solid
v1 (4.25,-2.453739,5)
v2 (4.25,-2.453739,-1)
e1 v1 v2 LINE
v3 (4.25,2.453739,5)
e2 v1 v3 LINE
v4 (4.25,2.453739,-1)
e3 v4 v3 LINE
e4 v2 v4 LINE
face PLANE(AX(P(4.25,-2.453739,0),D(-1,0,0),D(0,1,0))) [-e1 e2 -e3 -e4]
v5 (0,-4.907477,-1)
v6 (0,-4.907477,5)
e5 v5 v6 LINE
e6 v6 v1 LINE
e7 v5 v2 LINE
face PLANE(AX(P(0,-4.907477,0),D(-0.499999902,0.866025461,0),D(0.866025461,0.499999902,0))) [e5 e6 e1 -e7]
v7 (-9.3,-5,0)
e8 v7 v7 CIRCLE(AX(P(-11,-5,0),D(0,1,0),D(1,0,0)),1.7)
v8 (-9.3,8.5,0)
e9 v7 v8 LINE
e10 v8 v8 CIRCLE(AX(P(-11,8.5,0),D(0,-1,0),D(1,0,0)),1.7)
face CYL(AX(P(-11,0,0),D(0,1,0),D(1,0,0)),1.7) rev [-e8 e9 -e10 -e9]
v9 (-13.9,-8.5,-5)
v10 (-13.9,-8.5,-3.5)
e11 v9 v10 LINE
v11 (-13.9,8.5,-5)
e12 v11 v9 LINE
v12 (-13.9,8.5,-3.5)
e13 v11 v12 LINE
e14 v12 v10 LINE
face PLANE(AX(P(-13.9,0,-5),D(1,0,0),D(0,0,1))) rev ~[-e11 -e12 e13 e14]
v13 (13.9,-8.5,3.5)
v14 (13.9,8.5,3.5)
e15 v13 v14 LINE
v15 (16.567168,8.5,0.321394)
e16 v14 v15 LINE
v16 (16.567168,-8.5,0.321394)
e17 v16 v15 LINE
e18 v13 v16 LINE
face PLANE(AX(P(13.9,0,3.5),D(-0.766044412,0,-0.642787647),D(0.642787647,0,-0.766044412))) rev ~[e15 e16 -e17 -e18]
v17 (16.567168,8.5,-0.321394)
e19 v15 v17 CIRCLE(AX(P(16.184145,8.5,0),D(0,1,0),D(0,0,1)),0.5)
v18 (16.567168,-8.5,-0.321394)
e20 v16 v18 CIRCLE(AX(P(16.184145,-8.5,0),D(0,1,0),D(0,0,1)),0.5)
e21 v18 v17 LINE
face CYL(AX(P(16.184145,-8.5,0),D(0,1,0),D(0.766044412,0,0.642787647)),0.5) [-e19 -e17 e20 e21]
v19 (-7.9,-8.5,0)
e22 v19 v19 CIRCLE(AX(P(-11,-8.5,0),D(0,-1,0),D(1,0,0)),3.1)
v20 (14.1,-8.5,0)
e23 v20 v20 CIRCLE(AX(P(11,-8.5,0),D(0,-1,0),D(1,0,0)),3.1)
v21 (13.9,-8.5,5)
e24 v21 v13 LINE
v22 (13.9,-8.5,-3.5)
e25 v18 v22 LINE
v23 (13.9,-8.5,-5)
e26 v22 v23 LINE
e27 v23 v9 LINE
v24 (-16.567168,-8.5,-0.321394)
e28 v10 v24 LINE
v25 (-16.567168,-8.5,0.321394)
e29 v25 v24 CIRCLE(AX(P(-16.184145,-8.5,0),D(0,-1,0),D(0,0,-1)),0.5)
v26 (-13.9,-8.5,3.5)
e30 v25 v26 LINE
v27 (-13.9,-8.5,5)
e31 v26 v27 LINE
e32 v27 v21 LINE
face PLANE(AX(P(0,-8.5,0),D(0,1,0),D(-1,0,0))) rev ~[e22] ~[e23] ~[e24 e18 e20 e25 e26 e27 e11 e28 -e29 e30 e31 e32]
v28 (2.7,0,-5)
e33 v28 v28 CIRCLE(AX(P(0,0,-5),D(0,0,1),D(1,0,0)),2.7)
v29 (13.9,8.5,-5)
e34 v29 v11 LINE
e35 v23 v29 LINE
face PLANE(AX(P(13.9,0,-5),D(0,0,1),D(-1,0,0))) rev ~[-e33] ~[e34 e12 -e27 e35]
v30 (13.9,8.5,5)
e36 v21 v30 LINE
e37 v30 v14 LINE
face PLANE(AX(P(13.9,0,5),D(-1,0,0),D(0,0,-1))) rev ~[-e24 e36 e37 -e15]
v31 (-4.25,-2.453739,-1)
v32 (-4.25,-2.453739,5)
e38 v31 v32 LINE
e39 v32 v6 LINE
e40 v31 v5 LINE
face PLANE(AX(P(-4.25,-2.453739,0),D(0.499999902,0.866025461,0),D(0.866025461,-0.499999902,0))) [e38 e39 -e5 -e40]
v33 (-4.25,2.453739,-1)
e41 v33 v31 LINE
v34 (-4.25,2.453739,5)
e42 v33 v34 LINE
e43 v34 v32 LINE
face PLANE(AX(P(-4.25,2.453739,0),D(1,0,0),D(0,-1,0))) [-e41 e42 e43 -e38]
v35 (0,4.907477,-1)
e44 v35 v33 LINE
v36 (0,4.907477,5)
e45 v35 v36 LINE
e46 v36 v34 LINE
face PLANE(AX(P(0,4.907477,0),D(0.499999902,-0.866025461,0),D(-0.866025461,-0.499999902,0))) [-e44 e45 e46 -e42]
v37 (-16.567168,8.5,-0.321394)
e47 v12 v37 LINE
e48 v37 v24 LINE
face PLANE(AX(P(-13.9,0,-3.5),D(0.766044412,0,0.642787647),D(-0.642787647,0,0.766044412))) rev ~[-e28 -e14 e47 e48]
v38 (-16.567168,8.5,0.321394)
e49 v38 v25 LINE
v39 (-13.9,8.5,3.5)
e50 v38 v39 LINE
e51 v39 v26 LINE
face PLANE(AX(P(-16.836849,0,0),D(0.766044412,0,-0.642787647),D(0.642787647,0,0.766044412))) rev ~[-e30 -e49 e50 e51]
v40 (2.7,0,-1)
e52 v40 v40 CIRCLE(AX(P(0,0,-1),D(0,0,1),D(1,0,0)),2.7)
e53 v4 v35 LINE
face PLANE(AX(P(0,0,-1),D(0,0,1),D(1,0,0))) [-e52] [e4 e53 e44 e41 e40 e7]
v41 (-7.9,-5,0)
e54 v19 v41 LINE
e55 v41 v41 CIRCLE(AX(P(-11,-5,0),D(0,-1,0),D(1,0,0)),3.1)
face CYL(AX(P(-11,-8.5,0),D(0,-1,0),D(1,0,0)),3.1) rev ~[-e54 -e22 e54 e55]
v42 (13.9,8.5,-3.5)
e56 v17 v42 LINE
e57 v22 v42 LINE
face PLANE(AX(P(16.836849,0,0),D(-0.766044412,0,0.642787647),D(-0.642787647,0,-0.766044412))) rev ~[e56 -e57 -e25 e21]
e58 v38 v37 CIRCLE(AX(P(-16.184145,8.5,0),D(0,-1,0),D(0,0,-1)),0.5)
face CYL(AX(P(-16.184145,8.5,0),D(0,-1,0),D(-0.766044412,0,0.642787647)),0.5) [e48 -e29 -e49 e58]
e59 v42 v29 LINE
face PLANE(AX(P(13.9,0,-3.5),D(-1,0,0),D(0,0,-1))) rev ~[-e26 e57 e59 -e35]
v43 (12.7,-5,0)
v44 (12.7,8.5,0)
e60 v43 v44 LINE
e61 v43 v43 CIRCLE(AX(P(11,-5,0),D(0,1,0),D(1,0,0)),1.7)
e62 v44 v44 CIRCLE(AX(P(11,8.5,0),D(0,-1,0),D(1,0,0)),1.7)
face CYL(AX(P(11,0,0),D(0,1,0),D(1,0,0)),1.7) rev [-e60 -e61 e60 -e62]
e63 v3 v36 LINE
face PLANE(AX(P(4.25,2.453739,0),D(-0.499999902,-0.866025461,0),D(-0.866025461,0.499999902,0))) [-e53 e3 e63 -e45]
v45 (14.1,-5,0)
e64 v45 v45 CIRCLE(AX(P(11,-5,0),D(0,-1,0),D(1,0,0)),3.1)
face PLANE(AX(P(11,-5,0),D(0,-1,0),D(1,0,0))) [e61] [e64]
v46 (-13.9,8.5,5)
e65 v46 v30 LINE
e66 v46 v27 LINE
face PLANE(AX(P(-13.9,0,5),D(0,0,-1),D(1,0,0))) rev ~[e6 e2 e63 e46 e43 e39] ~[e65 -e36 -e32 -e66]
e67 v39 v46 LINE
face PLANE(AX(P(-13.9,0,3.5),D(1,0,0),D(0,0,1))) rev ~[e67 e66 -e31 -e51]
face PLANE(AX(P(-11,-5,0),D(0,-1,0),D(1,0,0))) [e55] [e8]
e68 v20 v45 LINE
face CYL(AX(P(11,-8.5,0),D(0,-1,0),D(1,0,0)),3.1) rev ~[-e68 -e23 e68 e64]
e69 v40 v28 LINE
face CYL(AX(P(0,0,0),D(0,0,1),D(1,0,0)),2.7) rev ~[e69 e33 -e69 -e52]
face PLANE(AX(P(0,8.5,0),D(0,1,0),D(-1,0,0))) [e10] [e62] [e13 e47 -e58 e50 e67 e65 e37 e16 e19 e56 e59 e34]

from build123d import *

# Parameters (mm, degrees)
SKETCH_R             = 1.7
PAD_DEPTH            = 8.5
SKETCH002_R          = 3.1
POCKET_DEPTH         = 3.5
POCKET001_DEPTH      = 1
POCKET001_DEPTH_BACK = -5
SKETCH004_R          = 2.7
POCKET002_DEPTH      = 5.001
FILLET_R             = 0.5


with BuildPart() as part:
    # Sketch → Pad (new body, symmetric)
    with BuildSketch(Plane.XZ):
        Polygon((-13.9, 5), (13.9, 5), (13.9, 3.5), (16.836849, 0), (13.9, -3.5), (13.9, -5), (-13.9, -5), (-13.9, -3.5), (-16.836849, 0), (-13.9, 3.5), align=None)
        with Locations((-11, 0)):
            Circle(SKETCH_R, mode=Mode.SUBTRACT)
        with Locations((11, 0)):
            Circle(SKETCH_R, mode=Mode.SUBTRACT)
    extrude(amount=PAD_DEPTH, both=True)

    # Sketch002 (on DatumPlane) → Pocket (cut)
    with BuildSketch(Plane.XZ.offset(8.5)):
        with Locations((-11, 0)):
            Circle(SKETCH002_R)
        with Locations((11, 0)):
            Circle(SKETCH002_R)
    extrude(amount=-POCKET_DEPTH, mode=Mode.SUBTRACT)

    # Sketch003 → Pocket001 (cut, two sides)
    with BuildSketch(Plane.XY) as pocket001_sk:
        Polygon((4.25, -2.453739), (4.25, 2.453739), (0, 4.907477), (-4.25, 2.453739), (-4.25, -2.453739), (0, -4.907477), align=None)
    extrude(amount=-POCKET001_DEPTH, mode=Mode.SUBTRACT)
    extrude(pocket001_sk.sketch, amount=-POCKET001_DEPTH_BACK, mode=Mode.SUBTRACT)

    # Sketch004 → Pocket002 (cut, through all)
    with BuildSketch(Plane.XY):
        Circle(SKETCH004_R)
    extrude(amount=-POCKET002_DEPTH, mode=Mode.SUBTRACT)

    # Fillet
    fillet_edges = [part.edges().sort_by_distance(p)[0] for p in [
        (16.836849, 0, 0),
        (-16.836849, 0, 0),
    ]]
    fillet(fillet_edges, radius=FILLET_R)


solid = part.part
